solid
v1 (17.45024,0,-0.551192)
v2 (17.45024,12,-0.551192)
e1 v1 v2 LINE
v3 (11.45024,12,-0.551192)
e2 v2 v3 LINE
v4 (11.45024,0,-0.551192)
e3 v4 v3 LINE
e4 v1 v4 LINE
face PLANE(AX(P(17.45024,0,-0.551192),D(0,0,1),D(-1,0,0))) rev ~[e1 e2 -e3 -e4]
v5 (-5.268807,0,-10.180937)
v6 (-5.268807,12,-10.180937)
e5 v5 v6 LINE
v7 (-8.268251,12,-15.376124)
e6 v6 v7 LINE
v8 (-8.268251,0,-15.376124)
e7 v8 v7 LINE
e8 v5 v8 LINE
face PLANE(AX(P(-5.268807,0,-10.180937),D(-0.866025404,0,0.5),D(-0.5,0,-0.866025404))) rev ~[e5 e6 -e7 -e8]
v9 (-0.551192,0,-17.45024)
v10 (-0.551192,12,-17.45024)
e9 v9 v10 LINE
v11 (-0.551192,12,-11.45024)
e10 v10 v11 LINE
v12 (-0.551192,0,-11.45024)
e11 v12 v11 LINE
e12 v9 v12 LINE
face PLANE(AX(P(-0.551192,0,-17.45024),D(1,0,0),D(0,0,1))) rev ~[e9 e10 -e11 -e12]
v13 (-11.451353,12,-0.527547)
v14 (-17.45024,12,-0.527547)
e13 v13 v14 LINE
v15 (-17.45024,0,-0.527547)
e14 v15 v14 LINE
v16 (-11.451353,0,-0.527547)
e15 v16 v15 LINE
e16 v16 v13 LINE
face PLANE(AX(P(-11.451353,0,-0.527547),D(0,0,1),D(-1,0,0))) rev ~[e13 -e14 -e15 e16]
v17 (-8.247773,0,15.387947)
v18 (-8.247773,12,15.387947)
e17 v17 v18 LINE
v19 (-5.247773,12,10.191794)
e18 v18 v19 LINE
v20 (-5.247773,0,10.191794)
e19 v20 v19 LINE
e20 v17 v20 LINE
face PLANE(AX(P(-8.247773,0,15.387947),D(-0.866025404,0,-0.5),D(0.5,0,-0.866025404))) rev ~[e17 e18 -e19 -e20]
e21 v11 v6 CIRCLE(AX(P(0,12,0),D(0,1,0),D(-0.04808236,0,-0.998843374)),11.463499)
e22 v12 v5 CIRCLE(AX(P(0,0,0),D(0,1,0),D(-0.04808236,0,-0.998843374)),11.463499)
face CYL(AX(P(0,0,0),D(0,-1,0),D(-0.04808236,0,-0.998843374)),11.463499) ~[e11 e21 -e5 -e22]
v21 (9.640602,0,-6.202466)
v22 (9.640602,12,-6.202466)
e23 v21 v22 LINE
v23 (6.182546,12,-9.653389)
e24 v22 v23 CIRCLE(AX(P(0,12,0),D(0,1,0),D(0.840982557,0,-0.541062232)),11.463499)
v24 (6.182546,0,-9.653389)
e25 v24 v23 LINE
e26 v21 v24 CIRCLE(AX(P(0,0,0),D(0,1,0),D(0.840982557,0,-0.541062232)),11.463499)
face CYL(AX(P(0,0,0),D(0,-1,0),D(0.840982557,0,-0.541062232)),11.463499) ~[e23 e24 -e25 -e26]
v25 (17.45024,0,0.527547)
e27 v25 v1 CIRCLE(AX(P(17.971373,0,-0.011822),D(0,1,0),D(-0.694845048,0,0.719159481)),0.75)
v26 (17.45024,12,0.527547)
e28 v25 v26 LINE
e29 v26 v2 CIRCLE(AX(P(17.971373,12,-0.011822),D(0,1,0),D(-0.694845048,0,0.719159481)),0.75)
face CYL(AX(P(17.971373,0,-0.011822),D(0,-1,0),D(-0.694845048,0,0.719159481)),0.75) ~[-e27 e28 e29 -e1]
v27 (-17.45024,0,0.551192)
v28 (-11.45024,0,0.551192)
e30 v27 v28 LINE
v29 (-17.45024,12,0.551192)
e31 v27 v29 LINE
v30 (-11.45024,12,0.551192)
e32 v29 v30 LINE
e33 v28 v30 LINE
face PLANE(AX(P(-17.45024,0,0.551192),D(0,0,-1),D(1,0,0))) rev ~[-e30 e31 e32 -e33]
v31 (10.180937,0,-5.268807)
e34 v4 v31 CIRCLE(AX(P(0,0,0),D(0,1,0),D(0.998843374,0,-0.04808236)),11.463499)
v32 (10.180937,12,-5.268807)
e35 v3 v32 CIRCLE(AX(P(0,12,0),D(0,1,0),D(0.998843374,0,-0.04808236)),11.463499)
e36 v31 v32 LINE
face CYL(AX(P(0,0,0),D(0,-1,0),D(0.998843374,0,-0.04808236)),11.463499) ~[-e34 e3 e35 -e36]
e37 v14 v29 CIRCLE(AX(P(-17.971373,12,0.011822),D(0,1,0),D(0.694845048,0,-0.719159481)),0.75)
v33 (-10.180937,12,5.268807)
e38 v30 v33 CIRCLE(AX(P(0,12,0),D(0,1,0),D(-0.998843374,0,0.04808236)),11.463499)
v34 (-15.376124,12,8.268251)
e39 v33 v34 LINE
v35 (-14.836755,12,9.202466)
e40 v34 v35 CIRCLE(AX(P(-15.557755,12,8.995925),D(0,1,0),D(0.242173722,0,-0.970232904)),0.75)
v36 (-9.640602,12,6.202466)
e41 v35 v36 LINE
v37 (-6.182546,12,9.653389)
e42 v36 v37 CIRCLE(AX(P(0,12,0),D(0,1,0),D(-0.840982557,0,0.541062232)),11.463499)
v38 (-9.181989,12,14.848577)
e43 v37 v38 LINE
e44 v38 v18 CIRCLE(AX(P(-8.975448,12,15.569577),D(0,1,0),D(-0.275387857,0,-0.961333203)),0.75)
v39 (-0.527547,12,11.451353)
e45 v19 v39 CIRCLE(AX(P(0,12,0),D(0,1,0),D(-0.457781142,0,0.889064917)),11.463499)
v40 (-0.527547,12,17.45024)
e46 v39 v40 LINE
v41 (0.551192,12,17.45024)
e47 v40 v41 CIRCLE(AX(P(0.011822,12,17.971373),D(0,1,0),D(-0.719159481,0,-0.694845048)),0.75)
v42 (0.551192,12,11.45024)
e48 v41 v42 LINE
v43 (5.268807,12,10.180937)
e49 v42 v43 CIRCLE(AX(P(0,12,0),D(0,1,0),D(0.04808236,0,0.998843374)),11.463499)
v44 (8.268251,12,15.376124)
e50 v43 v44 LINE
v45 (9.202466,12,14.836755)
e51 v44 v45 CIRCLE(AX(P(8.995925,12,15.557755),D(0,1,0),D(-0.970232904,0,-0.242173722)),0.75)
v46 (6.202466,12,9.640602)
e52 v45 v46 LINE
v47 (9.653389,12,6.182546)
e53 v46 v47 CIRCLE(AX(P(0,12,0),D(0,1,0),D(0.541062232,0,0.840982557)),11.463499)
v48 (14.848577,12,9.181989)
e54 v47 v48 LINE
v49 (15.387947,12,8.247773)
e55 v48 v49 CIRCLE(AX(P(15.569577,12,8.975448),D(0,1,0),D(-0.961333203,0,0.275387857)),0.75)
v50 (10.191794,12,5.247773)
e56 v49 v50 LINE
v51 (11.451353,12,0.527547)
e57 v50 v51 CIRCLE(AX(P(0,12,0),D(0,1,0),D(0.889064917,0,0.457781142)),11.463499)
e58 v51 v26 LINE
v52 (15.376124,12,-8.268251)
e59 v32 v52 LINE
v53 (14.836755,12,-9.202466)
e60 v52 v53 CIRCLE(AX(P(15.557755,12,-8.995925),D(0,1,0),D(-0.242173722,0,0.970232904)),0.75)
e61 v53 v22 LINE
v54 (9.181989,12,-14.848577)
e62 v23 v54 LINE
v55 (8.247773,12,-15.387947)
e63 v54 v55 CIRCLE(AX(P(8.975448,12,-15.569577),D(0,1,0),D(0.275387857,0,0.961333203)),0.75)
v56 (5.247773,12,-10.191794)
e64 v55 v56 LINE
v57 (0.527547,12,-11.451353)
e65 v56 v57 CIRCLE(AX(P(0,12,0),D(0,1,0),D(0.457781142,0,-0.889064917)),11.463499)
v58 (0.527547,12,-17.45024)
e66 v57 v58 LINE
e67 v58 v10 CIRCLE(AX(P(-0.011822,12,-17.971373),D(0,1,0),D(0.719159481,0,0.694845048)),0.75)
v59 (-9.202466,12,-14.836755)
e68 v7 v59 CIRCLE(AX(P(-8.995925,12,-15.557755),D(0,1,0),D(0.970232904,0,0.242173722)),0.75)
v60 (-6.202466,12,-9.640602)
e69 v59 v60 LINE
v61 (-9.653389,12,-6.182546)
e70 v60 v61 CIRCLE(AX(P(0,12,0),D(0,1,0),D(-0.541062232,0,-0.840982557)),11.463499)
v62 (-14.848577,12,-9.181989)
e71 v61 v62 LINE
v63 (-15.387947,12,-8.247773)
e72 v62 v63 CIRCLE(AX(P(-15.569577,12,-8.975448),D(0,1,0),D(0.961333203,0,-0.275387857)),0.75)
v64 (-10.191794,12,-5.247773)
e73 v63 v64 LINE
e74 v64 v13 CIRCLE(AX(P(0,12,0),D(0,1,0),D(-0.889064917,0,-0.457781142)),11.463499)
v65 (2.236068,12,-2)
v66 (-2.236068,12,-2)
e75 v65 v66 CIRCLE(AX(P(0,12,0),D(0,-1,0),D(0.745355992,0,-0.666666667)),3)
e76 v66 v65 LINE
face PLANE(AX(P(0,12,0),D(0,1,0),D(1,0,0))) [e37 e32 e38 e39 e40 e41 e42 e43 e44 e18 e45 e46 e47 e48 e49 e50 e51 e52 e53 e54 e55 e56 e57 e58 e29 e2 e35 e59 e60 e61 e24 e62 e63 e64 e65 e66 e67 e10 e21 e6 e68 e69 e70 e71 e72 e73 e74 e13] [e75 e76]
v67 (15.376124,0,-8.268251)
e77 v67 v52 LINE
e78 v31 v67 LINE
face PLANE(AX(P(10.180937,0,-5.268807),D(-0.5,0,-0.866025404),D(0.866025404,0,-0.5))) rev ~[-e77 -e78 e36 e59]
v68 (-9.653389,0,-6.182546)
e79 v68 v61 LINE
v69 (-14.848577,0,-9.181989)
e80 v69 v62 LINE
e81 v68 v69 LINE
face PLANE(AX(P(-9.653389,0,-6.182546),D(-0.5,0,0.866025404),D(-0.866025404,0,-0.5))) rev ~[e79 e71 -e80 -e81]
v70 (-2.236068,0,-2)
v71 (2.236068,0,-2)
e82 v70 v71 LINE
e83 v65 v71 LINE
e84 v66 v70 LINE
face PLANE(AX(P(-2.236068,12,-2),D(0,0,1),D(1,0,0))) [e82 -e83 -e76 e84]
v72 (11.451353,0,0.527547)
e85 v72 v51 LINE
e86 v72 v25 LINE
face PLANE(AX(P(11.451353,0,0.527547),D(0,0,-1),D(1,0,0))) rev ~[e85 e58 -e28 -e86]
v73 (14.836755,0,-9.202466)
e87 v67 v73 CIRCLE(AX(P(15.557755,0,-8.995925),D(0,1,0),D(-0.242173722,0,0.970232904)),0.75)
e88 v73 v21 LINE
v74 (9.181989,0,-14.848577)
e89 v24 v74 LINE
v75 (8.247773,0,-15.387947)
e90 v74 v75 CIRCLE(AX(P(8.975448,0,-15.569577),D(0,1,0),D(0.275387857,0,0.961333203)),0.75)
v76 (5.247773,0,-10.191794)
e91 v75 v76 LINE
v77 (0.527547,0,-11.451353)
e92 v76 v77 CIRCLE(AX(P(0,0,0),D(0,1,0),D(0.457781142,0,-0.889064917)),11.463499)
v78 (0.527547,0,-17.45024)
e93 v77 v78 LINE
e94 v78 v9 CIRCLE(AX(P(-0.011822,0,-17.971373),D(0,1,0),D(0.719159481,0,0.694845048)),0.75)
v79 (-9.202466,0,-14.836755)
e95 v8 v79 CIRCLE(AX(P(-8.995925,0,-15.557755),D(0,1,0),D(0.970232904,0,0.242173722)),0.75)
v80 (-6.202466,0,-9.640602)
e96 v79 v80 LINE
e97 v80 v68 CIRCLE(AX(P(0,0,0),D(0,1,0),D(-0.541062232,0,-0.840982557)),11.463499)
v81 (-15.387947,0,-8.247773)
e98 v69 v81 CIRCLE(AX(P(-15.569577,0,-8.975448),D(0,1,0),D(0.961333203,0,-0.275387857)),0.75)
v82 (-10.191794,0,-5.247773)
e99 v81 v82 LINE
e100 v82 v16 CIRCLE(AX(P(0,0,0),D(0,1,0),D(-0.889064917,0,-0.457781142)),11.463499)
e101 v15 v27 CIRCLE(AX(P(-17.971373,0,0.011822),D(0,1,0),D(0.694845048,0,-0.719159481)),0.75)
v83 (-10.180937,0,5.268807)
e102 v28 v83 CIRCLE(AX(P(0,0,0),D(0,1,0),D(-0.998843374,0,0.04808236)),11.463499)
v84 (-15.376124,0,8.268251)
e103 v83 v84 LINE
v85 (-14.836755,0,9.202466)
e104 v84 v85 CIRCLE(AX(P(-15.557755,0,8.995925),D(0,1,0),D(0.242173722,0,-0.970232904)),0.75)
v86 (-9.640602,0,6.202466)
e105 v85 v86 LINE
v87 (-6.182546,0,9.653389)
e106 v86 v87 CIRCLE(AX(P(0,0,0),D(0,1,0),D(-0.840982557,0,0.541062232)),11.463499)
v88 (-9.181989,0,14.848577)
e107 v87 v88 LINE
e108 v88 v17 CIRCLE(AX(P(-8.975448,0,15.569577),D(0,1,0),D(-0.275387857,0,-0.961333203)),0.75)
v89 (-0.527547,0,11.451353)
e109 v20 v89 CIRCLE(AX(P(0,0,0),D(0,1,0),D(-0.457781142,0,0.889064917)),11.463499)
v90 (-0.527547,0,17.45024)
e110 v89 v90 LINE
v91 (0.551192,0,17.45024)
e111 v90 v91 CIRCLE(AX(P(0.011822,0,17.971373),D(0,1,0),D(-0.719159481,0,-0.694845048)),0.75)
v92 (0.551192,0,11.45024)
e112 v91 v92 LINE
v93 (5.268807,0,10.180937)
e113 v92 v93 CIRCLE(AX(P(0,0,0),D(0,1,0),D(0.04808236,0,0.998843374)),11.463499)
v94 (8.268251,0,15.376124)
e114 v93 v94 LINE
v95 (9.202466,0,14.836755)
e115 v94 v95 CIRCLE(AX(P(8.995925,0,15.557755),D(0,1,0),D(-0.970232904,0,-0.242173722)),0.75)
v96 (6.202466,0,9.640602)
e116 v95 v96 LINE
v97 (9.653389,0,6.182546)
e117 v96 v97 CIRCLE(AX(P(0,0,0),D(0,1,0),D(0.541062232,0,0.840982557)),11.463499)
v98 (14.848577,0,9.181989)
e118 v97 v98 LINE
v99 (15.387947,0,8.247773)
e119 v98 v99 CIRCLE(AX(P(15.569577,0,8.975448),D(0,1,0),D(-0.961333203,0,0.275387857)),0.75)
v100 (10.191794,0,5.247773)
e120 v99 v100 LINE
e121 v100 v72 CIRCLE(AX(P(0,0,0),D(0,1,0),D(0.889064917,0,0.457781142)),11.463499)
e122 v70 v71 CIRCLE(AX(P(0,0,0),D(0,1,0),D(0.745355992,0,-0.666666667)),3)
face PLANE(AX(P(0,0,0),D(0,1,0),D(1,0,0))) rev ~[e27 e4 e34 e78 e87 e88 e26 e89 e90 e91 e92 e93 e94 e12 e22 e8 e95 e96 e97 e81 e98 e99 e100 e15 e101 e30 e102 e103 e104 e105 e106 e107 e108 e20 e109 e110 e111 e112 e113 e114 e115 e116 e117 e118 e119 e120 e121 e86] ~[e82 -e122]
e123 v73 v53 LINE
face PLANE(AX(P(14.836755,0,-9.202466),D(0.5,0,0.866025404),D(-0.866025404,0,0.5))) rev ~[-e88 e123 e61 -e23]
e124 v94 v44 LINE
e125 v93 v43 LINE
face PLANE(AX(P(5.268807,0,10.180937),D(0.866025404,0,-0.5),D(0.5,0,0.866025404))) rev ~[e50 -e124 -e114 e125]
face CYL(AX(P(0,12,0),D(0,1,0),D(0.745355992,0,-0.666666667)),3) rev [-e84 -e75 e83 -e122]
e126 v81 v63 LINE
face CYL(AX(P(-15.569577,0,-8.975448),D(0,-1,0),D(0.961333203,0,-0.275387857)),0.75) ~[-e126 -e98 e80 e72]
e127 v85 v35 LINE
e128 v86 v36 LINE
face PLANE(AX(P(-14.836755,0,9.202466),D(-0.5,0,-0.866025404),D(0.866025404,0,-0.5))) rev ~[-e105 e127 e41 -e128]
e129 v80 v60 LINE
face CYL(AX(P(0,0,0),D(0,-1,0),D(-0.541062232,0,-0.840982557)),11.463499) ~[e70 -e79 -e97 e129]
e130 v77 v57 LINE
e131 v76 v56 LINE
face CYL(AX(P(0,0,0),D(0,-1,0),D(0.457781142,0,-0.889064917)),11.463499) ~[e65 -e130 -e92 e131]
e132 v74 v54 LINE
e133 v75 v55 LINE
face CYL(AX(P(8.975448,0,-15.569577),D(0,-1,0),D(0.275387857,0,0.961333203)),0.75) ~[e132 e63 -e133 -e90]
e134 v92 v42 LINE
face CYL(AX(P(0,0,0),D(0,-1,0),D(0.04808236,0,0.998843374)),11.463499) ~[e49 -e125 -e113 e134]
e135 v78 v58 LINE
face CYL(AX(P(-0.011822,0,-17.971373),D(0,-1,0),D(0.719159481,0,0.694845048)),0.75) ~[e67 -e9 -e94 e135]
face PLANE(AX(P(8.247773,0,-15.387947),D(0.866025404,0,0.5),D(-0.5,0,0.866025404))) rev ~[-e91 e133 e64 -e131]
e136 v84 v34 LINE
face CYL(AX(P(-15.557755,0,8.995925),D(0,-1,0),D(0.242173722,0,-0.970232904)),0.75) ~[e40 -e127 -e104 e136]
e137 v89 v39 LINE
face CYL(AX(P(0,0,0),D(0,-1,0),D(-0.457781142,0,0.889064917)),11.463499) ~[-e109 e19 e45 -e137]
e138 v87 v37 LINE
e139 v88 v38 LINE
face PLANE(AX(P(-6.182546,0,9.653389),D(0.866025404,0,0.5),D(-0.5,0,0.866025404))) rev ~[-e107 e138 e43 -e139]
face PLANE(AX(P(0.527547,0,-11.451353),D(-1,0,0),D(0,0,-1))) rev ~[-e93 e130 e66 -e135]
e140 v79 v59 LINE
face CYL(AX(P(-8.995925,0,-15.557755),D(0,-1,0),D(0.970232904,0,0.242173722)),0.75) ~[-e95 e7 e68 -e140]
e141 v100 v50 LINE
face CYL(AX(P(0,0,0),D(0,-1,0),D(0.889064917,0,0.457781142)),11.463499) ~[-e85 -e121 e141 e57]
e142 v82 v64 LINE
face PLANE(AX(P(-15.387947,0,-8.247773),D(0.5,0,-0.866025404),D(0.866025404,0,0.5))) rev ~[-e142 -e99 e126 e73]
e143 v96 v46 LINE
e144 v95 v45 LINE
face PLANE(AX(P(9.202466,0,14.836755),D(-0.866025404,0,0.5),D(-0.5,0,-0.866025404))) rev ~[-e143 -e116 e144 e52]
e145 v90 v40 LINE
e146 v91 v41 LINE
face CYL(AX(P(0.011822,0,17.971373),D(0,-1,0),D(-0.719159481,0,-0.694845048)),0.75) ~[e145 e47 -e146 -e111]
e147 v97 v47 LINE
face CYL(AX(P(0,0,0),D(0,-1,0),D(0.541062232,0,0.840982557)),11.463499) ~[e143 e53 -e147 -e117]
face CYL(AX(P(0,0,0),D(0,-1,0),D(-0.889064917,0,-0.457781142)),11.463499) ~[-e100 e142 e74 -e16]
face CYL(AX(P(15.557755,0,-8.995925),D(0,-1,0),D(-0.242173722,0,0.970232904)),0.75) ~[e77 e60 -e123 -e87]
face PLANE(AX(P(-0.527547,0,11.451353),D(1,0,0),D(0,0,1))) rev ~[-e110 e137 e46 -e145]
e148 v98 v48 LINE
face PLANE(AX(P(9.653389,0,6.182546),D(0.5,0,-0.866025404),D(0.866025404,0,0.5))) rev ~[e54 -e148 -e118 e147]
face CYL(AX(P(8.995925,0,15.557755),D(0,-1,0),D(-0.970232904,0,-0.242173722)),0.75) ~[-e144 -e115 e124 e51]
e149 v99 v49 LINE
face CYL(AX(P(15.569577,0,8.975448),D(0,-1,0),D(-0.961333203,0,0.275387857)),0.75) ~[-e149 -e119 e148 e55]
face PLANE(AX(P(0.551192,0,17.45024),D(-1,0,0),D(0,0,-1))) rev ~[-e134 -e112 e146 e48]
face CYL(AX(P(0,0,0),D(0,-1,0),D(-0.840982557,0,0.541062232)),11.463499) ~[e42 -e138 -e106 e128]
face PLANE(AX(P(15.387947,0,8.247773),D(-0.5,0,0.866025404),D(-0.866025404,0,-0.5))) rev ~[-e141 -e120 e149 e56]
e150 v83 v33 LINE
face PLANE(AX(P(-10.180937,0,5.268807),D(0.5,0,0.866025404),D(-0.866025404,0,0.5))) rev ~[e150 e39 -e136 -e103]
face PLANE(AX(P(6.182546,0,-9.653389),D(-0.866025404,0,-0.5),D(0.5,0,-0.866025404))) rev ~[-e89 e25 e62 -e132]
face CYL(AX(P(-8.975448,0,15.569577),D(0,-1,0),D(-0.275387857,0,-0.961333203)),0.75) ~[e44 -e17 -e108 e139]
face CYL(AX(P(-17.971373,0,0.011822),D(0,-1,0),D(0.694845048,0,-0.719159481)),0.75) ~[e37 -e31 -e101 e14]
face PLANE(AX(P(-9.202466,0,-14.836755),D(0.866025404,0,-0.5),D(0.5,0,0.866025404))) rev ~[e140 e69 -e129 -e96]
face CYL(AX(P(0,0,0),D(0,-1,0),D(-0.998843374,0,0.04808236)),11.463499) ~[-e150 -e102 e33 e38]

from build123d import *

# Parameters (mm, degrees)
BOSS_EXTRUDE1_DEPTH = 12
CUT_EXTRUDE1_DEPTH  = 13


with BuildPart() as part:
    # Sketch1 → Boss-Extrude1 (new body)
    with BuildSketch(Plane(origin=(0, 0, 0), x_dir=(1, 0, 0), z_dir=(0, 1, 0))):
        with BuildLine():
            Line((-0.551192068, 17.450239661), (-0.551192068, 11.450239661))
            ThreePointArc((-0.551192068, 11.450239661), (-2.978402467, 11.069820222), (-5.268807469, 10.180936541))
            Line((-5.268807469, 10.180936541), (-8.268250593, 15.376124426))
            ThreePointArc((-8.268250593, 15.376124426), (-9.370925272, 16.20727377), (-9.202466164, 14.836754815))
            Line((-9.202466164, 14.836754815), (-6.202466164, 9.640602392))
            ThreePointArc((-6.202466164, 9.640602392), (-8.11428231, 8.097544294), (-9.653389387, 6.182545944))
            Line((-9.653389387, 6.182545944), (-14.848577272, 9.181989068))
            ThreePointArc((-14.848577272, 9.181989068), (-16.219096227, 9.350448175), (-15.387946883, 8.247773497))
            Line((-15.387946883, 8.247773497), (-10.19179446, 5.247773497))
            ThreePointArc((-10.19179446, 5.247773497), (-11.075946761, 2.955537911), (-11.451353414, 0.527547154))
            Line((-11.451353414, 0.527547154), (-17.450239661, 0.527547154))
            ThreePointArc((-17.450239661, 0.527547154), (-18.721373447, -0.011822457), (-17.450239661, -0.551192068))
            Line((-17.450239661, -0.551192068), (-11.450239661, -0.551192068))
            ThreePointArc((-11.450239661, -0.551192068), (-11.069820222, -2.978402467), (-10.180936541, -5.268807469))
            Line((-10.180936541, -5.268807469), (-15.376124426, -8.268250593))
            ThreePointArc((-15.376124426, -8.268250593), (-16.20727377, -9.370925272), (-14.836754815, -9.202466164))
            Line((-14.836754815, -9.202466164), (-9.640602392, -6.202466164))
            ThreePointArc((-9.640602392, -6.202466164), (-8.097544294, -8.11428231), (-6.182545944, -9.653389387))
            Line((-6.182545944, -9.653389387), (-9.181989068, -14.848577272))
            ThreePointArc((-9.181989068, -14.848577272), (-9.350448175, -16.219096227), (-8.247773497, -15.387946883))
            Line((-8.247773497, -15.387946883), (-5.247773497, -10.19179446))
            ThreePointArc((-5.247773497, -10.19179446), (-2.955537911, -11.075946761), (-0.527547154, -11.451353414))
            Line((-0.527547154, -11.451353414), (-0.527547154, -17.450239661))
            ThreePointArc((-0.527547154, -17.450239661), (0.011822457, -18.721373447), (0.551192068, -17.450239661))
            Line((0.551192068, -17.450239661), (0.551192068, -11.450239661))
            ThreePointArc((0.551192068, -11.450239661), (2.978402467, -11.069820222), (5.268807469, -10.180936541))
            Line((5.268807469, -10.180936541), (8.268250593, -15.376124426))
            ThreePointArc((8.268250593, -15.376124426), (9.370925272, -16.20727377), (9.202466164, -14.836754815))
            Line((9.202466164, -14.836754815), (6.202466164, -9.640602392))
            ThreePointArc((6.202466164, -9.640602392), (8.11428231, -8.097544294), (9.653389387, -6.182545944))
            Line((9.653389387, -6.182545944), (14.848577272, -9.181989068))
            ThreePointArc((14.848577272, -9.181989068), (16.219096227, -9.350448175), (15.387946883, -8.247773497))
            Line((15.387946883, -8.247773497), (10.19179446, -5.247773497))
            ThreePointArc((10.19179446, -5.247773497), (11.075946761, -2.955537911), (11.451353414, -0.527547154))
            Line((11.451353414, -0.527547154), (17.450239661, -0.527547154))
            ThreePointArc((17.450239661, -0.527547154), (18.721373447, 0.011822457), (17.450239661, 0.551192068))
            Line((17.450239661, 0.551192068), (11.450239661, 0.551192068))
            ThreePointArc((11.450239661, 0.551192068), (11.069820222, 2.978402467), (10.180936541, 5.268807469))
            Line((10.180936541, 5.268807469), (15.376124426, 8.268250593))
            ThreePointArc((15.376124426, 8.268250593), (16.20727377, 9.370925272), (14.836754815, 9.202466164))
            Line((14.836754815, 9.202466164), (9.640602392, 6.202466164))
            ThreePointArc((9.640602392, 6.202466164), (8.097544294, 8.11428231), (6.182545944, 9.653389387))
            Line((6.182545944, 9.653389387), (9.181989068, 14.848577272))
            ThreePointArc((9.181989068, 14.848577272), (9.350448175, 16.219096227), (8.247773497, 15.387946883))
            Line((8.247773497, 15.387946883), (5.247773497, 10.19179446))
            ThreePointArc((5.247773497, 10.19179446), (2.955537911, 11.075946761), (0.527547154, 11.451353414))
            Line((0.527547154, 11.451353414), (0.527547154, 17.450239661))
            ThreePointArc((0.527547154, 17.450239661), (-0.011822457, 18.721373447), (-0.551192068, 17.450239661))
        make_face()
    extrude(amount=BOSS_EXTRUDE1_DEPTH)

    # Sketch2 → Cut-Extrude1 (cut, through all)
    with BuildSketch(Plane(origin=(0, 12, 0), x_dir=(1, 0, 0), z_dir=(0, 1, 0))):
        with BuildLine():
            Line((-2.236067977, 2), (2.236067977, 2))
            ThreePointArc((2.236067977, 2), (0, -3), (-2.236067977, 2))
        make_face()
    extrude(amount=-CUT_EXTRUDE1_DEPTH, mode=Mode.SUBTRACT)


solid = part.part
